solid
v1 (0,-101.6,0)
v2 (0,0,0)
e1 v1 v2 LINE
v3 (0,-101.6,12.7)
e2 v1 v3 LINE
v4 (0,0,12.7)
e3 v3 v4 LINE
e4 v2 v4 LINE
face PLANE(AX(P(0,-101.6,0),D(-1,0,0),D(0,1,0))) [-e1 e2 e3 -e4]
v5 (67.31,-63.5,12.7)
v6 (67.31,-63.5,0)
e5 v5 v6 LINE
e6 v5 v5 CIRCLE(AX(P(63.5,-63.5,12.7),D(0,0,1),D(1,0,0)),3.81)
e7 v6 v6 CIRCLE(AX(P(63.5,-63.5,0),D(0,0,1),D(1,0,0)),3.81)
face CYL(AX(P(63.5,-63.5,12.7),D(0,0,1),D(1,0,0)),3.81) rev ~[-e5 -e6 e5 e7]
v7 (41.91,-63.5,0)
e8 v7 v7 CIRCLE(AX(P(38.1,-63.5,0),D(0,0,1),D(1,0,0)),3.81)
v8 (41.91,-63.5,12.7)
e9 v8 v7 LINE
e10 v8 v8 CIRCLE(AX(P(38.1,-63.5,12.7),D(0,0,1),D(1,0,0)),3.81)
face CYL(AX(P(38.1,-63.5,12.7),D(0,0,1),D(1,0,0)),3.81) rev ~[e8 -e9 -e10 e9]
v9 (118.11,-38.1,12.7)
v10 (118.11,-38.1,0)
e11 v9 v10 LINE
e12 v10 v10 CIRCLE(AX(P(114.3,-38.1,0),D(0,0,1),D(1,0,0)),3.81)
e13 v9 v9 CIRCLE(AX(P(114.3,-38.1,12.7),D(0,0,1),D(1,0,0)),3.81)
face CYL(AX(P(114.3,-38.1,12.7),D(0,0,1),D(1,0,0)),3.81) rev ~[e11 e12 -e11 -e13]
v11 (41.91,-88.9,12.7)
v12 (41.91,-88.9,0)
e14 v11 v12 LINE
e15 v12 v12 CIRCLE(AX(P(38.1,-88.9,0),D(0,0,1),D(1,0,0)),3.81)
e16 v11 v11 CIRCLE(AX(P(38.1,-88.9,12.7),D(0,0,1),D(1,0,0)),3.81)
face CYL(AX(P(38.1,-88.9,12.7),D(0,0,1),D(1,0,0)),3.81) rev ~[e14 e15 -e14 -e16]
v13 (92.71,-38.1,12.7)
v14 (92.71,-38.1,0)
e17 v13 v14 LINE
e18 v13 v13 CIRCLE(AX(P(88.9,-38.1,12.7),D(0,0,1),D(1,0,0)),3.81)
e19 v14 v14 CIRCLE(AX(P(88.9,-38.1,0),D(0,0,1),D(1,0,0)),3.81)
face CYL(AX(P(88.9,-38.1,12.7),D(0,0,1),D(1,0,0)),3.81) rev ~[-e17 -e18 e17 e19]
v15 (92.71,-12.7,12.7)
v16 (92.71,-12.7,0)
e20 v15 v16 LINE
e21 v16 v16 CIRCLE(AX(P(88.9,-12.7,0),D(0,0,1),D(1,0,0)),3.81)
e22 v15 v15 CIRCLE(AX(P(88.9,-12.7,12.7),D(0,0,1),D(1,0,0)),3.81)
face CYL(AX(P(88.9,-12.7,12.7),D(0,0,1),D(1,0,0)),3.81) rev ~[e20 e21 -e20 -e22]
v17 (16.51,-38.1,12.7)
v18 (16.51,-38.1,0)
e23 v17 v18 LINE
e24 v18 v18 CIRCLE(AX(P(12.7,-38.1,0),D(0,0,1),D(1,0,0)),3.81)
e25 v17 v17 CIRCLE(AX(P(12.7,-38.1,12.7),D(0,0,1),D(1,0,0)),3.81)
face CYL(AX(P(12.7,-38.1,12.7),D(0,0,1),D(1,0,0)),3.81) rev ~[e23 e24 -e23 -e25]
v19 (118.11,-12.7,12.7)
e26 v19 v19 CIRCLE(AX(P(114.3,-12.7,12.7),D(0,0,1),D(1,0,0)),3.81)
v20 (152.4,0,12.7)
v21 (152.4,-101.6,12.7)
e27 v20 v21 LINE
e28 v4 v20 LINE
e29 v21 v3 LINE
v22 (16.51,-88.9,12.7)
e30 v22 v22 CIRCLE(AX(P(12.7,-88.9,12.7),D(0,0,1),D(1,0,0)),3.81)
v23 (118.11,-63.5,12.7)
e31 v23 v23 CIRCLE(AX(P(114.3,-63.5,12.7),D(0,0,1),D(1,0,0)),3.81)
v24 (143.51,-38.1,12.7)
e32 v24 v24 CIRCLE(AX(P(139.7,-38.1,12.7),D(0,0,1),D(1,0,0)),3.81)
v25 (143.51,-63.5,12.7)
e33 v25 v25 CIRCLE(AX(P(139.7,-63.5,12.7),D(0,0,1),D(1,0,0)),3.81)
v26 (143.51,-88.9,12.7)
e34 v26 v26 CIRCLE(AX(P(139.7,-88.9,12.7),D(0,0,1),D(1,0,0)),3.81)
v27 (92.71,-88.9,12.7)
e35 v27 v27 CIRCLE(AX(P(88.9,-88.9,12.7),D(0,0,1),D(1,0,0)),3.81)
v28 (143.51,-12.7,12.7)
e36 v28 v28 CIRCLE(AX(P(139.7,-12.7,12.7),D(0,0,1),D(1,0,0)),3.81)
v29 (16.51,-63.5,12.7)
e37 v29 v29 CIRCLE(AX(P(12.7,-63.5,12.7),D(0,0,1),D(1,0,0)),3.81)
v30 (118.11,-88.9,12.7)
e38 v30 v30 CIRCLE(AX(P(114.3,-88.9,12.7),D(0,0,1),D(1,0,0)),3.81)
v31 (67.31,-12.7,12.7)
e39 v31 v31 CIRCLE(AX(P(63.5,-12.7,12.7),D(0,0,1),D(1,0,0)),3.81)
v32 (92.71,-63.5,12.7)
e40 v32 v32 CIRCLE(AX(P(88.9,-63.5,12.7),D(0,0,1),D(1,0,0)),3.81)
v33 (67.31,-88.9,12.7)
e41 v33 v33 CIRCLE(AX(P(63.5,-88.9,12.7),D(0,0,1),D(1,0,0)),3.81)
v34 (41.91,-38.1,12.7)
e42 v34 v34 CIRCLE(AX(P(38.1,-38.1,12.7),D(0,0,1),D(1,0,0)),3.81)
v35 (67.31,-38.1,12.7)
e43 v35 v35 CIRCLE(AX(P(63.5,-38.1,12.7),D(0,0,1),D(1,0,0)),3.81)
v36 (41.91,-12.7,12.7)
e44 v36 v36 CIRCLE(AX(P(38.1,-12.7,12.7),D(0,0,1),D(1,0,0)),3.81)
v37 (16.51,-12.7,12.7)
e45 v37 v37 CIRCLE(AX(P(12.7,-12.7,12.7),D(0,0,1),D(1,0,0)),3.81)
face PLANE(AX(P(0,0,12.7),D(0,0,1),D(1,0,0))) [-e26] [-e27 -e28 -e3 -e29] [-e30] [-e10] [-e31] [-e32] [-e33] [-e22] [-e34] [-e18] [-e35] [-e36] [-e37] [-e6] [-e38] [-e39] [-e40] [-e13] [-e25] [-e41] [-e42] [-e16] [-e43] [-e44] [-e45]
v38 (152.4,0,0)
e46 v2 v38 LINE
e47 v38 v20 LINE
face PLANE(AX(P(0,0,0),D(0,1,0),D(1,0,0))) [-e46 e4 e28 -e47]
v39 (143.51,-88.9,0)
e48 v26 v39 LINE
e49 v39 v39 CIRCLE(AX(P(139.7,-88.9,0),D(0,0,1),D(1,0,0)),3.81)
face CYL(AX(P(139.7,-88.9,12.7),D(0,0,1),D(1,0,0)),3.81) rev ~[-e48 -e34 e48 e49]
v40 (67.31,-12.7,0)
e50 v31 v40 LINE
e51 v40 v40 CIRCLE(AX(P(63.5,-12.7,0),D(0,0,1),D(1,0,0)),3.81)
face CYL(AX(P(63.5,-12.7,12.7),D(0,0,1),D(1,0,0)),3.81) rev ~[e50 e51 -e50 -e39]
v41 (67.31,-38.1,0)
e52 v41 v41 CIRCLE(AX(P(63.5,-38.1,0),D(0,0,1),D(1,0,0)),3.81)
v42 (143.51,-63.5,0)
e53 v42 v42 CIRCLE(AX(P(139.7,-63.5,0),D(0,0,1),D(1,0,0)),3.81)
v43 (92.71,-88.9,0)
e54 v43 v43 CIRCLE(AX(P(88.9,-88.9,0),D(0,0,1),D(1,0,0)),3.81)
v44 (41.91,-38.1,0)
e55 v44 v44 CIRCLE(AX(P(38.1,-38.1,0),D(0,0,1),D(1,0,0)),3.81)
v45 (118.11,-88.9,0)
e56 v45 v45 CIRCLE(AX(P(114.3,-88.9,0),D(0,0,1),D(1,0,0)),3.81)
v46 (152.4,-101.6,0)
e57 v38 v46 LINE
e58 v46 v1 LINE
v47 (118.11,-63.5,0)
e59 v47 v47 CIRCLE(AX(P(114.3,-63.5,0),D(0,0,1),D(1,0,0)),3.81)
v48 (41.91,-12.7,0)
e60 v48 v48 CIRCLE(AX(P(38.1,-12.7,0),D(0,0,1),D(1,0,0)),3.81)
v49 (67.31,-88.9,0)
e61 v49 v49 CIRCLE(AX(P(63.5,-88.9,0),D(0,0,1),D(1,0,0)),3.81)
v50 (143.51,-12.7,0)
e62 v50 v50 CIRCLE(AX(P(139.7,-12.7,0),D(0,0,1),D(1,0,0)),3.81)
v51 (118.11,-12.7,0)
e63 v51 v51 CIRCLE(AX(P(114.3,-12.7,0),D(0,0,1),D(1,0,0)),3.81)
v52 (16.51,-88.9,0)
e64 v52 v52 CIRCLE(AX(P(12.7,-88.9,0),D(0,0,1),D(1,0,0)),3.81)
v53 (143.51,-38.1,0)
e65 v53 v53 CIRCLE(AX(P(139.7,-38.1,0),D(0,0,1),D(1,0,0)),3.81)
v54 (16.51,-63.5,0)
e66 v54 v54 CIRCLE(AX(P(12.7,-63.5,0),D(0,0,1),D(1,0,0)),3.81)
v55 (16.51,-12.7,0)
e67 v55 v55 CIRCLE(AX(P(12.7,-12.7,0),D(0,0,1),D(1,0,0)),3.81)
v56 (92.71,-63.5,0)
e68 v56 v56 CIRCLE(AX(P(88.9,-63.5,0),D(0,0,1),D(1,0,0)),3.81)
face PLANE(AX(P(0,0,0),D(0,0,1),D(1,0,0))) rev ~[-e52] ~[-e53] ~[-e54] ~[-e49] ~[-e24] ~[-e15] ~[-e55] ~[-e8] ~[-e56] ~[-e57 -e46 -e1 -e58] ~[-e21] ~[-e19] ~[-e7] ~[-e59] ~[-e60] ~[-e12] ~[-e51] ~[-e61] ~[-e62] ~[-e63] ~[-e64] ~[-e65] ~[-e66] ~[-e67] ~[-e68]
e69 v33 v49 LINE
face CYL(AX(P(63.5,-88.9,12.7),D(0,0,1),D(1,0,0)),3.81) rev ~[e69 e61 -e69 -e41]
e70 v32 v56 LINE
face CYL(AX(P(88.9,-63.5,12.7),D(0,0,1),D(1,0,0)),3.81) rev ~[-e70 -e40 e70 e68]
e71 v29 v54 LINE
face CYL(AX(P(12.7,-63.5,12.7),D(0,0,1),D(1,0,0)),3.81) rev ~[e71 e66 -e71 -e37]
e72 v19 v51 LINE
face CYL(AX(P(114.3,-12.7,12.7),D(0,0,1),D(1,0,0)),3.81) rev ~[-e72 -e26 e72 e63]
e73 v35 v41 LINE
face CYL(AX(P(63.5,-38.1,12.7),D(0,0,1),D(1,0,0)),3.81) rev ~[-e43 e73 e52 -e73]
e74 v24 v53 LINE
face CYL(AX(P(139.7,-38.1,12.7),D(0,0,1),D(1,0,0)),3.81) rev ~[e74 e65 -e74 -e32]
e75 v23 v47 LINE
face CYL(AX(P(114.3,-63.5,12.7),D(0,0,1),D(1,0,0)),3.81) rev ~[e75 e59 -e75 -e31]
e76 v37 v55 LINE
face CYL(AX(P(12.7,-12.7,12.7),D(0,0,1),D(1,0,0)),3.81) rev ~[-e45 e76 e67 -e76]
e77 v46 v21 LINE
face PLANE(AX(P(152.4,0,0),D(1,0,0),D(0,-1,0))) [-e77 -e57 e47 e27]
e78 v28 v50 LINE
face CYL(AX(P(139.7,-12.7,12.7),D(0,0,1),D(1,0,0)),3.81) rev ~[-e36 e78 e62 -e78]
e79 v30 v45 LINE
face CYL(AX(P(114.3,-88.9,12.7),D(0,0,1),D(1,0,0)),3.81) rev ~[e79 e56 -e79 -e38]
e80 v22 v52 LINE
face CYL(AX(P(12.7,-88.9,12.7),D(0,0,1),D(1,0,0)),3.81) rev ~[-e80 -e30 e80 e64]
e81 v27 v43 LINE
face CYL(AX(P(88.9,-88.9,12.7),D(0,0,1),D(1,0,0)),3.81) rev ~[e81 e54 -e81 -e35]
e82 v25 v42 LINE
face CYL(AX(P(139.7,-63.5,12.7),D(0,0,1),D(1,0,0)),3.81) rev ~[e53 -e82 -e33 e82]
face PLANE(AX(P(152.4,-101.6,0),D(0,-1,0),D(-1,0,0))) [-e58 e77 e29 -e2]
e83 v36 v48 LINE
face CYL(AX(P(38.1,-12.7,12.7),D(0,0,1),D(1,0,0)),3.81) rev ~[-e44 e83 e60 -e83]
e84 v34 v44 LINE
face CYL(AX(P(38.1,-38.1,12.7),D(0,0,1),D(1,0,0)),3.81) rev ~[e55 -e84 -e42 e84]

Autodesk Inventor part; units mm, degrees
ref_plane "YZ Plane" through (0, 0, 0) normal (1, 0, 0) x (0, 1, 0)
ref_plane "XZ Plane" through (0, 0, 0) normal (0, 1, 0) x (-1, 0, 0)
ref_plane "XY Plane" through (0, 0, 0) normal (0, 0, 1) x (1, 0, 0)
sketch "Sketch1" plane through (0, 0, 0) normal (0, 0, 1) x (1, 0, 0)
  line L0 (0, 0) -> (152.4, 0)
  line L1 (152.4, 0) -> (152.4, -101.6)
  line L2 (152.4, -101.6) -> (0, -101.6)
  line L3 (0, -101.6) -> (0, 0)
  dimension "d0" = 152.4
  dimension "d1" = 101.6
extrude "Extrusion1" add sketch "Sketch1" along normal blind 12.7
sketch "Sketch2" plane through (0, 0, 12.7) normal (0, 0, 1) x (1, 0, 0)
  circle A0 centre (12.7, -12.7) radius 3.81
  line L0 (0, 0) -> (0, -101.6) projected
  line L1 (152.4, 0) -> (0, 0) projected
  dimension "d4" = 7.62
  dimension "d5" = 12.7
  dimension "d6" = 12.7
extrude "Extrusion2" cut sketch "Sketch2" against normal blind 12.7
pattern_linear "Rectangular Pattern1" count 4 spacing 25.4 along (0, -1, 0) count 6 spacing 25.4 along (1, 0, 0) of "Extrusion2"
properties part number "AWRectangular Pattern5.5a"
